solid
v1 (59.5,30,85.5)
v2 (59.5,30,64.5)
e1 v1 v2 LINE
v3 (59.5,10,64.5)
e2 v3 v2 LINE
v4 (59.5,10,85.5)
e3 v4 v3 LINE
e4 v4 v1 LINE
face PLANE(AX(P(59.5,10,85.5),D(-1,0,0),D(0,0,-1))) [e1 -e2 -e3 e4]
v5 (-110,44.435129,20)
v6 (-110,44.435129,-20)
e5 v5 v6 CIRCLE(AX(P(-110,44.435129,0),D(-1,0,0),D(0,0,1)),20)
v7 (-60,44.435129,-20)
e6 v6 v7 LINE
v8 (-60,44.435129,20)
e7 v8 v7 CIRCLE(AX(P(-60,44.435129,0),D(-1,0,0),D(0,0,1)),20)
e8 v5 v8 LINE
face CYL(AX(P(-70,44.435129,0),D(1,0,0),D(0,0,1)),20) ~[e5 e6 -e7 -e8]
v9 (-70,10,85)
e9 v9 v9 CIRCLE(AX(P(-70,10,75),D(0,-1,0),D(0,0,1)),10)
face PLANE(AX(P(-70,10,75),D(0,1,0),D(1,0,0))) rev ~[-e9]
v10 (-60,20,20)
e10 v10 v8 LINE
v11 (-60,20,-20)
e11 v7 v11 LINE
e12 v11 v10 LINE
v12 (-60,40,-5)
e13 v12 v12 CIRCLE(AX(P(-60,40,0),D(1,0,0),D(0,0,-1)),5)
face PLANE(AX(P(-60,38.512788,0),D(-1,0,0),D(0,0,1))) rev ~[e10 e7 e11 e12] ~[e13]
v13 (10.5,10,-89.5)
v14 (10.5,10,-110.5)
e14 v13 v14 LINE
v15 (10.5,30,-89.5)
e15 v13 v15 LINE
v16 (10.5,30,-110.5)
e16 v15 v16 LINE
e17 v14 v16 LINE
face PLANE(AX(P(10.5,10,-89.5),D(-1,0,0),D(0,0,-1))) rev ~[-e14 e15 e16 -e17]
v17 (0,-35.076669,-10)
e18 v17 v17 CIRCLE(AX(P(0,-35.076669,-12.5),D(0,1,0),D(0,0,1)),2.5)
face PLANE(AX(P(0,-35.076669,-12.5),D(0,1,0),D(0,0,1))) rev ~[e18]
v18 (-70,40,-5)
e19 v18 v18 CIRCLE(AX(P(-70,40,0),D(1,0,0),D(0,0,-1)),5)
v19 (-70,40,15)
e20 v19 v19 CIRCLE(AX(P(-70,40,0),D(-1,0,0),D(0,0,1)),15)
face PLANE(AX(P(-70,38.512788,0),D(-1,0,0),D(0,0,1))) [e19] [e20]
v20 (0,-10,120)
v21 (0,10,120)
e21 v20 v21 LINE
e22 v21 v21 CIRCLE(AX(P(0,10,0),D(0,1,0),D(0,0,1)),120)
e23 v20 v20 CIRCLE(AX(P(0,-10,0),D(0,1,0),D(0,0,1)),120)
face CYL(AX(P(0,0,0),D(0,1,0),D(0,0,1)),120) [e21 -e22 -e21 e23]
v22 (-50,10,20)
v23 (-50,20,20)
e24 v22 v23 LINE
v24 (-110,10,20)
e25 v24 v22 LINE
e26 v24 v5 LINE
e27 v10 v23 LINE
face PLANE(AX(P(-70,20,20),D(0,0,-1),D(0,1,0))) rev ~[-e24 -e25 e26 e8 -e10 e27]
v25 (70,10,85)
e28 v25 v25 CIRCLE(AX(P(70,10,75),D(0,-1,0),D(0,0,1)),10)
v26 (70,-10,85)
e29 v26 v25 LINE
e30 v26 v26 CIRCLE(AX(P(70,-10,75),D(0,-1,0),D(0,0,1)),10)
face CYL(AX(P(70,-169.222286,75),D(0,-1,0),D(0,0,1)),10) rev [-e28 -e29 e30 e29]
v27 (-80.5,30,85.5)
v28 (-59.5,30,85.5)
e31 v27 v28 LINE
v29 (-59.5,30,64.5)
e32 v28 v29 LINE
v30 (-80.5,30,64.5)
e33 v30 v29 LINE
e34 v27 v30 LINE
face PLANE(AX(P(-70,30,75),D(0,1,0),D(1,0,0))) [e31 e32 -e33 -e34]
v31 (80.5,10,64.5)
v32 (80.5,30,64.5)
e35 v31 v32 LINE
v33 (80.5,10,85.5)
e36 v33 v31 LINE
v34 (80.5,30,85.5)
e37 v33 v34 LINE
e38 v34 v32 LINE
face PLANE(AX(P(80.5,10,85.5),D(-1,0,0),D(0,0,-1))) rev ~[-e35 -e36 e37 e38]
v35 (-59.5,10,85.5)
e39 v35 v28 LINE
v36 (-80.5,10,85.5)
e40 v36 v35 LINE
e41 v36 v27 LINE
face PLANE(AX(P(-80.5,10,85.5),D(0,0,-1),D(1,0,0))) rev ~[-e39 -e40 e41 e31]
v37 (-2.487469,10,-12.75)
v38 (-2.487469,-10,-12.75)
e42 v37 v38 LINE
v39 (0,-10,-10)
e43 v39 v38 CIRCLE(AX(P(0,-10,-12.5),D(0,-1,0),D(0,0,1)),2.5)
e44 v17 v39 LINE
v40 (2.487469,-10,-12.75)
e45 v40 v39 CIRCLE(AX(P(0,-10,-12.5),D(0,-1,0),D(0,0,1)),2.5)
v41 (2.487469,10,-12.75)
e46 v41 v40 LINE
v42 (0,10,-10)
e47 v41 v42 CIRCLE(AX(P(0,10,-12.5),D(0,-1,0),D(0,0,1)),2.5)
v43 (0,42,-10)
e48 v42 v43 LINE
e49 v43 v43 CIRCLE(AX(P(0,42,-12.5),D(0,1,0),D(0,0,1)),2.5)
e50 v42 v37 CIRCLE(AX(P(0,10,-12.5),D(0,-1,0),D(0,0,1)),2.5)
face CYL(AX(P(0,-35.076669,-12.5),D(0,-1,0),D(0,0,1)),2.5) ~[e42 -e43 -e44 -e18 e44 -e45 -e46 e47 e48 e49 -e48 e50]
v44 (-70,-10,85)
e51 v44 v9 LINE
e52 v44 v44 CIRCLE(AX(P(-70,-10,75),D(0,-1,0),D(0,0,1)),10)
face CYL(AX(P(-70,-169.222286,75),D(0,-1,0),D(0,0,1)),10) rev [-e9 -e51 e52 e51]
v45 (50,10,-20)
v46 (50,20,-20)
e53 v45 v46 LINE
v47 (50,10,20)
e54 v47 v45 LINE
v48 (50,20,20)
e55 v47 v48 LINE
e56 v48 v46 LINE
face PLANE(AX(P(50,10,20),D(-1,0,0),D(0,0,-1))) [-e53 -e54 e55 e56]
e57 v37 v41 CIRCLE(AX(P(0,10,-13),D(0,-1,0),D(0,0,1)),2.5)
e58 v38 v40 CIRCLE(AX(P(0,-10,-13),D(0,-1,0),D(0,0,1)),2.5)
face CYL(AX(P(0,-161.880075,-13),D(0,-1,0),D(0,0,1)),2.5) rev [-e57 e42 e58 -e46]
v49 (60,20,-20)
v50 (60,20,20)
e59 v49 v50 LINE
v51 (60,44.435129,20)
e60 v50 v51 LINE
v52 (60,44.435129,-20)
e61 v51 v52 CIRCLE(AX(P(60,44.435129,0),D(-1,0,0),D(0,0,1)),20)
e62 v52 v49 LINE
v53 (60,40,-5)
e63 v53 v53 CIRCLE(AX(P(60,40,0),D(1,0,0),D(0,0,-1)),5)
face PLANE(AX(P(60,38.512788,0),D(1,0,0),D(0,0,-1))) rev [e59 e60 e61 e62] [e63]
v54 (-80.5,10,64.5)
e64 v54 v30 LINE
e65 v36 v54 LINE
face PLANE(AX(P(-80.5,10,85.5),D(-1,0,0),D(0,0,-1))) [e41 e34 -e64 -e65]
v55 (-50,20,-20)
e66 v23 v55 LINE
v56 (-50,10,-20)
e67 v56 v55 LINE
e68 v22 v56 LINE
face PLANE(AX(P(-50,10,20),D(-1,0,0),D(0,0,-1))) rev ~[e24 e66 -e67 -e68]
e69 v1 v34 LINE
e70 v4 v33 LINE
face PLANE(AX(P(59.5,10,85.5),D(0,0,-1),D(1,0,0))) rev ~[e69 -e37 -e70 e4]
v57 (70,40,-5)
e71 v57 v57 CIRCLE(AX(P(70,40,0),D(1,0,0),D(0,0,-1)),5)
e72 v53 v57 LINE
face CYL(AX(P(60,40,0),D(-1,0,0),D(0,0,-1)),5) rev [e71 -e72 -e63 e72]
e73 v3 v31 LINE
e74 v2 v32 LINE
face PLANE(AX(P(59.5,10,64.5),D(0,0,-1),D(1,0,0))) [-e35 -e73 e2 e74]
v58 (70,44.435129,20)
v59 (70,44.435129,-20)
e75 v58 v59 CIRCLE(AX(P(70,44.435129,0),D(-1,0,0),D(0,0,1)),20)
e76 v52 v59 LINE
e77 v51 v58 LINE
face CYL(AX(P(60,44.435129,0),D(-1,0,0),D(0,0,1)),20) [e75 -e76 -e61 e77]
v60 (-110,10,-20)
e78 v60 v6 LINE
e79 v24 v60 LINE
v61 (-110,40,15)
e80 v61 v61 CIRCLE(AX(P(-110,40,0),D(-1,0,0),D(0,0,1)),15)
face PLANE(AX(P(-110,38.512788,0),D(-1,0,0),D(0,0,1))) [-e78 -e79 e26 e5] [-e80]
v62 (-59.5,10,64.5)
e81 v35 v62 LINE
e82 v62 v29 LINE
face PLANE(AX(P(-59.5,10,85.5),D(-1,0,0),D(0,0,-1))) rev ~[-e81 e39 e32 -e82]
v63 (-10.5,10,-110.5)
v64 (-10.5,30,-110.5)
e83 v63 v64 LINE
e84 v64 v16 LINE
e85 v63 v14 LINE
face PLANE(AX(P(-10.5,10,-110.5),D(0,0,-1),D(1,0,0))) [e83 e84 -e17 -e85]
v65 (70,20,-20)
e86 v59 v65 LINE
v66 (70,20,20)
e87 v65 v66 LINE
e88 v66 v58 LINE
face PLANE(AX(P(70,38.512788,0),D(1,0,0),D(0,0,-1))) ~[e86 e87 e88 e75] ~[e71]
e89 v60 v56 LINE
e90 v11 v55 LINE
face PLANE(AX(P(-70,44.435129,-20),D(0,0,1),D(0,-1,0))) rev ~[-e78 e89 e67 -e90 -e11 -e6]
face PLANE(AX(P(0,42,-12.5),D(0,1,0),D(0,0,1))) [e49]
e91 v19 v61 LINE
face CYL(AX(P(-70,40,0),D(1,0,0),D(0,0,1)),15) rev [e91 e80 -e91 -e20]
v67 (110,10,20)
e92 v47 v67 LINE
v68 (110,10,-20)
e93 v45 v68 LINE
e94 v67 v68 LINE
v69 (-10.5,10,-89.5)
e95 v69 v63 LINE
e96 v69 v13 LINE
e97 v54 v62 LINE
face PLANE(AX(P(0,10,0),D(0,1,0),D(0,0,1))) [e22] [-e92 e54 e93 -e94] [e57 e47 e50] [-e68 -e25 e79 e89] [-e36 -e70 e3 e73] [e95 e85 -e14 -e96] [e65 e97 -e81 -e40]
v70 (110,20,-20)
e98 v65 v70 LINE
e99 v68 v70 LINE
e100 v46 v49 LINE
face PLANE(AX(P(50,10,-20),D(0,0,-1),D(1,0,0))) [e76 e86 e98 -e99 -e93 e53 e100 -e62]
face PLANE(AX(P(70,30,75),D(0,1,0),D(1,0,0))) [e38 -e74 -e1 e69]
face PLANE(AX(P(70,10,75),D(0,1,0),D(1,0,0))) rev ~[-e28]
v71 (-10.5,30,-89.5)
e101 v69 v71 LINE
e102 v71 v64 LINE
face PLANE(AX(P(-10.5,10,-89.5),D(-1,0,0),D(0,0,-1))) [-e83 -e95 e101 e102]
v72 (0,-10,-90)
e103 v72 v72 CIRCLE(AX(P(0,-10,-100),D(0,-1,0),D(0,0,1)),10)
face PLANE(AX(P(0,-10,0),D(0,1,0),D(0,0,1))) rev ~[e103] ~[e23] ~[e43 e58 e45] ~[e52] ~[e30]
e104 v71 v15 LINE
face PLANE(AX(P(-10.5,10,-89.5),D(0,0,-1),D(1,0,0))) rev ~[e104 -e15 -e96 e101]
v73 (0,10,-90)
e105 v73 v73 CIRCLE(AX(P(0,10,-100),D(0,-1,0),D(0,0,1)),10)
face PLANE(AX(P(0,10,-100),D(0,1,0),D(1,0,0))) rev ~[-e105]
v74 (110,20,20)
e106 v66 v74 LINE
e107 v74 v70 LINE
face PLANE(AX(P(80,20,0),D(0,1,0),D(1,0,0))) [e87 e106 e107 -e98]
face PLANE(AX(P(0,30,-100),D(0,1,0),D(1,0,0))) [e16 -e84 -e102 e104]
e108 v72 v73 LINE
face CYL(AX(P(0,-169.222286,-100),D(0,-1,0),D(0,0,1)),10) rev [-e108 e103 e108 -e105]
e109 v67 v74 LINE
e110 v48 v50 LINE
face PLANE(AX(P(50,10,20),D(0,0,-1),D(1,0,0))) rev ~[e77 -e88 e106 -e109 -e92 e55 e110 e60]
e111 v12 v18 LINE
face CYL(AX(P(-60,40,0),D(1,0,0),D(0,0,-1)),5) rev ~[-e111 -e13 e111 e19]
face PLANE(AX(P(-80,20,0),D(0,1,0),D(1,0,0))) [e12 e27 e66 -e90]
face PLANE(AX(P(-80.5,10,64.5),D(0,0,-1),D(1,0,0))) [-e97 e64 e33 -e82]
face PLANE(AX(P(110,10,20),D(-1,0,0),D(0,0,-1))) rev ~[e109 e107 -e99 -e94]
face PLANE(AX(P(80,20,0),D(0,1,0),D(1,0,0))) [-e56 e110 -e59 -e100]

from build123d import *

# Parameters (mm, degrees)
SKETCH1_R                = 120
BOSS_EXTRUDE1_DEPTH      = 10
SKETCH2_W                = 60
SKETCH2_H                = 40
BOSS_EXTRUDE2_DEPTH      = 10
CUT_EXTRUDE1_DEPTH       = 171.880074906
CUT_EXTRUDE1_DEPTH_BACK  = 171.880074906
SKETCH3_R                = 2.5
SKETCH4_R                = 5
BOSS_EXTRUDE4_DEPTH      = 10
SKETCH5_R                = 15
BOSS_EXTRUDE5_DEPTH      = 40
CUT_EXTRUDE2_DEPTH       = 179.222286063
CUT_EXTRUDE2_DEPTH_BACK  = 179.222286063
SKETCH7_R                = 10
SKETCH8_W                = 21
SKETCH8_H                = 21
BOSS_EXTRUDE8_DEPTH      = 20
BOSS_EXTRUDE9_DEPTH      = 42
BOSS_EXTRUDE9_DEPTH_BACK = 35.076669
SKETCH9_R                = 2.5


with BuildPart() as part:
    # Sketch1 → Boss-Extrude1 (new, symmetric)
    with BuildSketch(Plane(origin=(0, 0, 0), x_dir=(1, 0, 0), z_dir=(0, 1, 0))):
        with Locations(Location((0, 0, 0), (0, 0, 270))):
            Circle(SKETCH1_R)
    extrude(amount=BOSS_EXTRUDE1_DEPTH, both=True)

    # Sketch2 → Boss-Extrude2 (add)
    with BuildSketch(Plane(origin=(0, 10, 0), x_dir=(1, 0, 0), z_dir=(0, 1, 0))):
        with Locations((-80, 0)):
            Rectangle(SKETCH2_W, SKETCH2_H)
        with Locations((80, 0)):
            Rectangle(SKETCH2_W, SKETCH2_H)
    extrude(amount=BOSS_EXTRUDE2_DEPTH)

    # Sketch3 → Cut-Extrude1 (cut, two sides: drawn at the far end of the back side and taken through both)
    with BuildSketch(Plane(origin=(0, 10, 0), x_dir=(1, 0, 0), z_dir=(0, 1, 0)).offset(-CUT_EXTRUDE1_DEPTH_BACK)):
        with Locations(Location((0, 13, 0), (0, 0, 270))):
            Circle(SKETCH3_R)
    extrude(amount=CUT_EXTRUDE1_DEPTH + CUT_EXTRUDE1_DEPTH_BACK, mode=Mode.SUBTRACT)

    # Sketch4 → Boss-Extrude4 (add)
    with BuildSketch(Plane(origin=(-60, 0, 0), x_dir=(0, 0, -1), z_dir=(1, 0, 0))):
        with BuildLine():
            ThreePointArc((-20, 44.435128818), (0, 64.435128818), (20, 44.435128818))
            Line((20, 44.435128818), (20, 20))
            Line((20, 20), (-20, 20))
            Line((-20, 20), (-20, 44.435128818))
        make_face()
        with Locations((0, 40)):
            Circle(SKETCH4_R, mode=Mode.SUBTRACT)
    boss_extrude4 = extrude(amount=-BOSS_EXTRUDE4_DEPTH)

    # Sketch5 → Boss-Extrude5 (add)
    with BuildSketch(Plane.ZY.offset(70)):
        with BuildLine():
            Line((-20, 20), (20, 20))
            Line((20, 20), (20, 44.435128818))
            ThreePointArc((20, 44.435128818), (0, 64.435128818), (-20, 44.435128818))
            Line((-20, 44.435128818), (-20, 20))
        make_face()
        with Locations((0, 40)):
            Circle(SKETCH5_R, mode=Mode.SUBTRACT)
    extrude(amount=BOSS_EXTRUDE5_DEPTH)

    # Mirror2: Boss-Extrude4 across plane
    add(boss_extrude4.mirror(Plane(origin=(0, 0, 0), x_dir=(0, 0, 1), z_dir=(1, 0, 0))))

    # Sketch7 → Cut-Extrude2 (cut, two sides: drawn at the far end of the back side and taken through both)
    with BuildSketch(Plane(origin=(0, 10, 0), x_dir=(1, 0, 0), z_dir=(0, 1, 0)).offset(-CUT_EXTRUDE2_DEPTH_BACK)):
        with Locations(Location((0, 100, 0), (0, 0, 270))):
            Circle(SKETCH7_R)
        with Locations(Location((-70, -75, 0), (0, 0, 270))):
            Circle(SKETCH7_R)
        with Locations(Location((70, -75, 0), (0, 0, 270))):
            Circle(SKETCH7_R)
    extrude(amount=CUT_EXTRUDE2_DEPTH + CUT_EXTRUDE2_DEPTH_BACK, mode=Mode.SUBTRACT)

    # Sketch8 → Boss-Extrude8 (add)
    with BuildSketch(Plane(origin=(0, 10, 0), x_dir=(1, 0, 0), z_dir=(0, 1, 0))):
        with Locations((-70, -75)):
            Rectangle(SKETCH8_W, SKETCH8_H)
        with Locations((0, 100)):
            Rectangle(SKETCH8_W, SKETCH8_H)
        with Locations((70, -75)):
            Rectangle(SKETCH8_W, SKETCH8_H)
    extrude(amount=BOSS_EXTRUDE8_DEPTH)

    # Sketch9 → Boss-Extrude9 (add, two sides: drawn at the far end of the back side and taken through both)
    with BuildSketch(Plane(origin=(0, 0, 0), x_dir=(1, 0, 0), z_dir=(0, 1, 0)).offset(-BOSS_EXTRUDE9_DEPTH_BACK)):
        with Locations(Location((0, 12.5, 0), (0, 0, 270))):
            Circle(SKETCH9_R)
    extrude(amount=BOSS_EXTRUDE9_DEPTH + BOSS_EXTRUDE9_DEPTH_BACK)


solid = part.part
